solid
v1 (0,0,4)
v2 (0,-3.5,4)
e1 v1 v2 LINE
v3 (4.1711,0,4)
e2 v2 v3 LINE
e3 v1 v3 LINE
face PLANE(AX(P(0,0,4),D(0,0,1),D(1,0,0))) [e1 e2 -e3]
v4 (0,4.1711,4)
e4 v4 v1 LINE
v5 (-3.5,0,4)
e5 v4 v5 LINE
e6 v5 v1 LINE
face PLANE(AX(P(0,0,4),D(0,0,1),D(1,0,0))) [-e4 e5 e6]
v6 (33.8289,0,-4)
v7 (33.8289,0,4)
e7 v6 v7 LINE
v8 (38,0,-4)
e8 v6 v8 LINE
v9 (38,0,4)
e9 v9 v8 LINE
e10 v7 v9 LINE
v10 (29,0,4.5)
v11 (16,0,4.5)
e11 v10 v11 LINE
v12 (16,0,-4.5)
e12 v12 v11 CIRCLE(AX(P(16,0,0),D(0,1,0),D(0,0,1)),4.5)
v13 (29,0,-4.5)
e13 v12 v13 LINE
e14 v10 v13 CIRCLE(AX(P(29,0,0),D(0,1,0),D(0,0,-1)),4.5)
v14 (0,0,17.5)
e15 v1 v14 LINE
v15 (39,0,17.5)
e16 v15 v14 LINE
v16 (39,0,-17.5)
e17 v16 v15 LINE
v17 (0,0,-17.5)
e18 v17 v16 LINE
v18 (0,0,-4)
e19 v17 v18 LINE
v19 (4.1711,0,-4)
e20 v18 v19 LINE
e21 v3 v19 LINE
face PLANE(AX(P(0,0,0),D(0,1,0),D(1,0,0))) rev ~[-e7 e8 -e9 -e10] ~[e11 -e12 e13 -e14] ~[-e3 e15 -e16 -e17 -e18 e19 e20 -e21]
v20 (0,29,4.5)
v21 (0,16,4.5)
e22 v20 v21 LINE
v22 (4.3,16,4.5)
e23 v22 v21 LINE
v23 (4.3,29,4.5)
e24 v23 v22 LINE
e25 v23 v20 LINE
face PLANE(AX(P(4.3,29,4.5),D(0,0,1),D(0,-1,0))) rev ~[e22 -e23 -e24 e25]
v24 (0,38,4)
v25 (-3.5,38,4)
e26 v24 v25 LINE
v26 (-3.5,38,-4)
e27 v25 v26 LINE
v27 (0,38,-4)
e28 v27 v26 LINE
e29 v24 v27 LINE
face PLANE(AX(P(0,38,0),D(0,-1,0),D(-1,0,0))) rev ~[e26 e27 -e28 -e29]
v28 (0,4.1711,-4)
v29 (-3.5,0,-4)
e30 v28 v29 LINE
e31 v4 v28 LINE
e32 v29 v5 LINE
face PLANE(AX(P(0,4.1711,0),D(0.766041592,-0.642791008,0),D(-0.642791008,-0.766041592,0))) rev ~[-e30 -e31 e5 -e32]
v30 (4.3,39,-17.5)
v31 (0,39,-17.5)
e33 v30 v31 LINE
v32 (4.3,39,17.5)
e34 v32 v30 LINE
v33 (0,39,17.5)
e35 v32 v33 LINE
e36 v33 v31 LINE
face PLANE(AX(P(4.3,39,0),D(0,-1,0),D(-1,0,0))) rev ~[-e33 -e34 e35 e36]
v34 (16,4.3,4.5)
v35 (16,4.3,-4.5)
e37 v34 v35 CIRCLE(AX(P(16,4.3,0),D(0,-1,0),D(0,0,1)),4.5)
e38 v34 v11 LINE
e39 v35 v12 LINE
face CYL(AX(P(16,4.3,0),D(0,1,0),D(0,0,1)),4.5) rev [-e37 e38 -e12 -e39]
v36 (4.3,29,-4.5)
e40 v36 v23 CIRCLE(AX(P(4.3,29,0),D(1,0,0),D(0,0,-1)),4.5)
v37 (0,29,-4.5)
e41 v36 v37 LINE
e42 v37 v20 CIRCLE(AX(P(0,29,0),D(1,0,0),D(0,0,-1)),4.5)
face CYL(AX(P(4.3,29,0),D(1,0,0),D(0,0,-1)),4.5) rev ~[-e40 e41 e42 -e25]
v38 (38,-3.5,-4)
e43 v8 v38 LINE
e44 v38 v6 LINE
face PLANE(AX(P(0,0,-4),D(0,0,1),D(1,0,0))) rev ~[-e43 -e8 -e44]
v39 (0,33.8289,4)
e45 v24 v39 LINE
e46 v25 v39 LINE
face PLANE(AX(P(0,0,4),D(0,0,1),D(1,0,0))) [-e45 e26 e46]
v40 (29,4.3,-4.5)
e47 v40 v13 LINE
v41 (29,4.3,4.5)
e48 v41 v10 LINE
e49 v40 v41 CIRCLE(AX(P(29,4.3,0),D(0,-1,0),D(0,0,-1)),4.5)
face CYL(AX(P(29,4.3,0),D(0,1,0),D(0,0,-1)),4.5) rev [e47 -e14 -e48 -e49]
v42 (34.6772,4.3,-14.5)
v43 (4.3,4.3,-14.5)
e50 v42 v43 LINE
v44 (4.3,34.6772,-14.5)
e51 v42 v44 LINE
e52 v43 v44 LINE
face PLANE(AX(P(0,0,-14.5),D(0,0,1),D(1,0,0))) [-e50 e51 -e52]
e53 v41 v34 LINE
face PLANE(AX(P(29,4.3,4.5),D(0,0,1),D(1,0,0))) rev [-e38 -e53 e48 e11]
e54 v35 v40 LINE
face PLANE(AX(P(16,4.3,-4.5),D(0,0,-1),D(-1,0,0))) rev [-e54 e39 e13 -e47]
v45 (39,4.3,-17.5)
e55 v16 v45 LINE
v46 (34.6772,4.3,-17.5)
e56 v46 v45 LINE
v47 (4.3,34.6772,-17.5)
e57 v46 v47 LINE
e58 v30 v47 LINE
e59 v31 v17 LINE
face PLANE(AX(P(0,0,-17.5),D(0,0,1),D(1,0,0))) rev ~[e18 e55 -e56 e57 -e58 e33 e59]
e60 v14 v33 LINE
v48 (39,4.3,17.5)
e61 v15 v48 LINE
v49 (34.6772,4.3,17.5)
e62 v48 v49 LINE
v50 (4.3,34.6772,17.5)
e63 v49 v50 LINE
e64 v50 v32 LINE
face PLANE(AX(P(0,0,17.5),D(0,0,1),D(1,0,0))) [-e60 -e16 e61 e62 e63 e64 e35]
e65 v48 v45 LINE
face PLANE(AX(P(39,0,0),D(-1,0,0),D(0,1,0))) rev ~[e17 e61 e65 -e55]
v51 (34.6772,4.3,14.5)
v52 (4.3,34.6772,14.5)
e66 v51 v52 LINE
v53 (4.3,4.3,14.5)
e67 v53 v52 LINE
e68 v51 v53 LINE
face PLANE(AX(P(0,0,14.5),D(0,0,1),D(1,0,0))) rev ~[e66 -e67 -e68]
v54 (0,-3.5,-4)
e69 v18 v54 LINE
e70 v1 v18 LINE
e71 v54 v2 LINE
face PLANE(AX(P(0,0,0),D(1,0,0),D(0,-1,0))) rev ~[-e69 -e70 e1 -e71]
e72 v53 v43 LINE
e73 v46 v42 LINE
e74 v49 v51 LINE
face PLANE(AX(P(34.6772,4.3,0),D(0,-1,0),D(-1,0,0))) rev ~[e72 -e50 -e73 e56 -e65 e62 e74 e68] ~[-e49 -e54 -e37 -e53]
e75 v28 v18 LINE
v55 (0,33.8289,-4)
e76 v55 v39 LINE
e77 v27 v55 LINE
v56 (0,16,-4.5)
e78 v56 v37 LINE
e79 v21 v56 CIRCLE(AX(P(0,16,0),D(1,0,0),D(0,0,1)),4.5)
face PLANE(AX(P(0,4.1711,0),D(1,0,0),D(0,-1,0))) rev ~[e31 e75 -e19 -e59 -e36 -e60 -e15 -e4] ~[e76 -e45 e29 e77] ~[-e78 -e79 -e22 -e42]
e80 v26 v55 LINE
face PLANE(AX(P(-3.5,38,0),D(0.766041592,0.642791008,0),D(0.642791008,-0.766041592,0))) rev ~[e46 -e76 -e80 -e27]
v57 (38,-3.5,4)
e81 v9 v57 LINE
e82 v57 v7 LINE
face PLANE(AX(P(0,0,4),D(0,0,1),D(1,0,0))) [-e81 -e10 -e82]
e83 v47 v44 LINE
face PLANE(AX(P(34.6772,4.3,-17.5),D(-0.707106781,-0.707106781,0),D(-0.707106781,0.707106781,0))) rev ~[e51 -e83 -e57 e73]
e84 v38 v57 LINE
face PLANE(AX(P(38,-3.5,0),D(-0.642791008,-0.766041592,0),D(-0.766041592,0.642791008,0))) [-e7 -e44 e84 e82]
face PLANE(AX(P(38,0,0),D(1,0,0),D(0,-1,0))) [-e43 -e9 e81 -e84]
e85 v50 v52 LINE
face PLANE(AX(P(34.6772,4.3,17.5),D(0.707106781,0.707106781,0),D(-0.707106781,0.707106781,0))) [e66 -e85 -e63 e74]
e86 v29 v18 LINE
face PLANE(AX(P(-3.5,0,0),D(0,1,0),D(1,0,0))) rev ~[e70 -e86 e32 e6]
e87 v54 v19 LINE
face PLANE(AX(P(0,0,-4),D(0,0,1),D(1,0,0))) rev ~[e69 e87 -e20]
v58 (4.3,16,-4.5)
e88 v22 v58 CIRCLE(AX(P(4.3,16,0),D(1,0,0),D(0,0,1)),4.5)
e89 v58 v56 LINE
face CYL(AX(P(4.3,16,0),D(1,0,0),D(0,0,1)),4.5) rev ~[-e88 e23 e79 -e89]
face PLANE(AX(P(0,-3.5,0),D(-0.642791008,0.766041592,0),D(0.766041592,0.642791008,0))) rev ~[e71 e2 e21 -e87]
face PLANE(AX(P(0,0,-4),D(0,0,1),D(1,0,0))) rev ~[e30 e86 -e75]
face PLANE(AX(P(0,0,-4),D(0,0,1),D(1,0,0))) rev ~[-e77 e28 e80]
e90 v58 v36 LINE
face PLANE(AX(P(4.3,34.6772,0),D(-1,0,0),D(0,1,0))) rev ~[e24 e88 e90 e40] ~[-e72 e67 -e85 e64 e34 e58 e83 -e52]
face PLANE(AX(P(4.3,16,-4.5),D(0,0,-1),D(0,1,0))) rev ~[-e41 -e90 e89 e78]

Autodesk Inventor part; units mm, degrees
ref_plane "YZ Plane" through (0, 0, 0) normal (1, 0, 0) x (0, 1, 0)
ref_plane "XY Plane" through (0, 0, 0) normal (0, 0, 1) x (1, 0, 0)
sketch "Skizze1" plane through (0, 0, 0) normal (0, 0, 1) x (1, 0, 0)
  line L0 (-12, 0) -> (47.5, 0) projected
  line L1 (0, 47.5) -> (0, -12) projected
  line L2 (39, 0) -> (39, 4.3)
  line L3 (39, 4.3) -> (34.6772, 4.3)
  line L4 (34.6772, 4.3) -> (4.3, 34.6772)
  line L5 (4.3, 34.6772) -> (4.3, 39)
  line L6 (4.3, 39) -> (0, 39)
  line L7 (0, 39) -> (0, 0)
  line L8 (0, 0) -> (39, 0)
  line L9 (34.6772, 4.3) -> (4.3, 4.3)
  line L10 (4.3, 4.3) -> (4.3, 34.6772)
  line L11 (0, 38) -> (-3.5, 38)
  line L12 (-3.5, 38) -> (0, 33.8289)
  line L13 (0, 4.1711) -> (-3.5, 0)
  line L14 (0, 0) -> (-3.5, 0)
  line L15 (0, 0) -> (0, -3.5)
  line L16 (0, -3.5) -> (4.1711, 0)
  line L17 (38, 0) -> (38, -3.5)
  line L18 (38, -3.5) -> (33.8289, 0)
  dimension "d0" = 39
  dimension "d1" = 39
  dimension "d2" = 4.3
  dimension "d3" = 4.3
  dimension "d4" = 45
  dimension "d7" = 40
  dimension "d8" = 40
  dimension "d9" = 40
  dimension "d10" = 40
  dimension "d11" = 3.5
  dimension "d12" = 3.5
  dimension "d13" = 3.5
  dimension "d14" = 3.5
  dimension "d15" = 1
  dimension "d16" = 1
extrude "Extrusion1" add sketch "Skizze1" along normal mid plane 35 contours L1 L6 L5 L10 L9 L3 L2 L0
extrude "Extrusion2" add sketch "Skizze1" along normal mid plane 8 contours L13 L1 L0 | L0 L16 L1 | L12 L11 L1 | L0 L17 L18
extrude "Extrusion3" add sketch "Skizze1" against normal blind 3 from surface at 17.5 contours L4 L9 L10
extrude "Extrusion4" add sketch "Skizze1" along normal blind 3 from surface at -17.5 contours L4 L9 L10
sketch "Skizze2" plane through (4.3, 39, 17.5) normal (1, 0, 0) x (0, 0, -1)
  line L0 (0, 0) -> (35, 0) projected
  line L1 (0, -4.3228) -> (0, 0) projected
  line L2 (0, -4.3228) -> (3, -4.3228) projected
  line L3 (3, -34.7) -> (3, -4.3228) projected
  line L4 (32, -34.7) -> (3, -34.7) projected
  line L5 (32, -4.3228) -> (32, -34.7) projected
  line L6 (32, -4.3228) -> (35, -4.3228) projected
  line L7 (35, 0) -> (35, -4.3228) projected
  line L8 (32, -4.3228) -> (35, -4.3228) construction
  line L9 (0, -4.3228) -> (3, -4.3228) construction
  line L10 (32, -34.7) -> (3, -34.7) construction
  line L11 (17.5, -23) -> (17.5, -10) construction
  line L12 (22, -23) -> (22, -10)
  line L13 (13, -10) -> (13, -23)
  arc A0 (13, -23) -> (22, -23) centre (17.5, -23) ccw
  arc A1 (22, -10) -> (13, -10) centre (17.5, -10) ccw
  line L14 (35, 0) -> (0, 0) construction
  line L15 (17.5, 0) -> (17.5, -49.0584) construction
  point P0 (17.5, -39)
  point P1 (17.5, -16.5)
  point P2 (17.5, -27.5)
  point P3 (17.5, -5.5)
  dimension "d23" = 6.5
  dimension "d24" = 9
  dimension "d25" = 22
  dimension "d26" = 5.5
extrude "Extrusion5" cut sketch "Skizze2" against normal blind 5 contours A0 L13 A1 L12
ref_plane "Arbeitsebene1" through (4.3, 4.3, 0) normal (-0.7071, 0.7071, 0) x (0, 0, 1)
mirror "Spiegeln1" about plane through (4.3, 4.3, 0) normal (-0.7071, 0.7071, 0) of "Extrusion5"
equation "\"d12\" = d11"
equation "\"d13\" = d11"
equation "\"d14\" = d11"
properties part number "Bracket - Cast 90 deg corner 4040"
